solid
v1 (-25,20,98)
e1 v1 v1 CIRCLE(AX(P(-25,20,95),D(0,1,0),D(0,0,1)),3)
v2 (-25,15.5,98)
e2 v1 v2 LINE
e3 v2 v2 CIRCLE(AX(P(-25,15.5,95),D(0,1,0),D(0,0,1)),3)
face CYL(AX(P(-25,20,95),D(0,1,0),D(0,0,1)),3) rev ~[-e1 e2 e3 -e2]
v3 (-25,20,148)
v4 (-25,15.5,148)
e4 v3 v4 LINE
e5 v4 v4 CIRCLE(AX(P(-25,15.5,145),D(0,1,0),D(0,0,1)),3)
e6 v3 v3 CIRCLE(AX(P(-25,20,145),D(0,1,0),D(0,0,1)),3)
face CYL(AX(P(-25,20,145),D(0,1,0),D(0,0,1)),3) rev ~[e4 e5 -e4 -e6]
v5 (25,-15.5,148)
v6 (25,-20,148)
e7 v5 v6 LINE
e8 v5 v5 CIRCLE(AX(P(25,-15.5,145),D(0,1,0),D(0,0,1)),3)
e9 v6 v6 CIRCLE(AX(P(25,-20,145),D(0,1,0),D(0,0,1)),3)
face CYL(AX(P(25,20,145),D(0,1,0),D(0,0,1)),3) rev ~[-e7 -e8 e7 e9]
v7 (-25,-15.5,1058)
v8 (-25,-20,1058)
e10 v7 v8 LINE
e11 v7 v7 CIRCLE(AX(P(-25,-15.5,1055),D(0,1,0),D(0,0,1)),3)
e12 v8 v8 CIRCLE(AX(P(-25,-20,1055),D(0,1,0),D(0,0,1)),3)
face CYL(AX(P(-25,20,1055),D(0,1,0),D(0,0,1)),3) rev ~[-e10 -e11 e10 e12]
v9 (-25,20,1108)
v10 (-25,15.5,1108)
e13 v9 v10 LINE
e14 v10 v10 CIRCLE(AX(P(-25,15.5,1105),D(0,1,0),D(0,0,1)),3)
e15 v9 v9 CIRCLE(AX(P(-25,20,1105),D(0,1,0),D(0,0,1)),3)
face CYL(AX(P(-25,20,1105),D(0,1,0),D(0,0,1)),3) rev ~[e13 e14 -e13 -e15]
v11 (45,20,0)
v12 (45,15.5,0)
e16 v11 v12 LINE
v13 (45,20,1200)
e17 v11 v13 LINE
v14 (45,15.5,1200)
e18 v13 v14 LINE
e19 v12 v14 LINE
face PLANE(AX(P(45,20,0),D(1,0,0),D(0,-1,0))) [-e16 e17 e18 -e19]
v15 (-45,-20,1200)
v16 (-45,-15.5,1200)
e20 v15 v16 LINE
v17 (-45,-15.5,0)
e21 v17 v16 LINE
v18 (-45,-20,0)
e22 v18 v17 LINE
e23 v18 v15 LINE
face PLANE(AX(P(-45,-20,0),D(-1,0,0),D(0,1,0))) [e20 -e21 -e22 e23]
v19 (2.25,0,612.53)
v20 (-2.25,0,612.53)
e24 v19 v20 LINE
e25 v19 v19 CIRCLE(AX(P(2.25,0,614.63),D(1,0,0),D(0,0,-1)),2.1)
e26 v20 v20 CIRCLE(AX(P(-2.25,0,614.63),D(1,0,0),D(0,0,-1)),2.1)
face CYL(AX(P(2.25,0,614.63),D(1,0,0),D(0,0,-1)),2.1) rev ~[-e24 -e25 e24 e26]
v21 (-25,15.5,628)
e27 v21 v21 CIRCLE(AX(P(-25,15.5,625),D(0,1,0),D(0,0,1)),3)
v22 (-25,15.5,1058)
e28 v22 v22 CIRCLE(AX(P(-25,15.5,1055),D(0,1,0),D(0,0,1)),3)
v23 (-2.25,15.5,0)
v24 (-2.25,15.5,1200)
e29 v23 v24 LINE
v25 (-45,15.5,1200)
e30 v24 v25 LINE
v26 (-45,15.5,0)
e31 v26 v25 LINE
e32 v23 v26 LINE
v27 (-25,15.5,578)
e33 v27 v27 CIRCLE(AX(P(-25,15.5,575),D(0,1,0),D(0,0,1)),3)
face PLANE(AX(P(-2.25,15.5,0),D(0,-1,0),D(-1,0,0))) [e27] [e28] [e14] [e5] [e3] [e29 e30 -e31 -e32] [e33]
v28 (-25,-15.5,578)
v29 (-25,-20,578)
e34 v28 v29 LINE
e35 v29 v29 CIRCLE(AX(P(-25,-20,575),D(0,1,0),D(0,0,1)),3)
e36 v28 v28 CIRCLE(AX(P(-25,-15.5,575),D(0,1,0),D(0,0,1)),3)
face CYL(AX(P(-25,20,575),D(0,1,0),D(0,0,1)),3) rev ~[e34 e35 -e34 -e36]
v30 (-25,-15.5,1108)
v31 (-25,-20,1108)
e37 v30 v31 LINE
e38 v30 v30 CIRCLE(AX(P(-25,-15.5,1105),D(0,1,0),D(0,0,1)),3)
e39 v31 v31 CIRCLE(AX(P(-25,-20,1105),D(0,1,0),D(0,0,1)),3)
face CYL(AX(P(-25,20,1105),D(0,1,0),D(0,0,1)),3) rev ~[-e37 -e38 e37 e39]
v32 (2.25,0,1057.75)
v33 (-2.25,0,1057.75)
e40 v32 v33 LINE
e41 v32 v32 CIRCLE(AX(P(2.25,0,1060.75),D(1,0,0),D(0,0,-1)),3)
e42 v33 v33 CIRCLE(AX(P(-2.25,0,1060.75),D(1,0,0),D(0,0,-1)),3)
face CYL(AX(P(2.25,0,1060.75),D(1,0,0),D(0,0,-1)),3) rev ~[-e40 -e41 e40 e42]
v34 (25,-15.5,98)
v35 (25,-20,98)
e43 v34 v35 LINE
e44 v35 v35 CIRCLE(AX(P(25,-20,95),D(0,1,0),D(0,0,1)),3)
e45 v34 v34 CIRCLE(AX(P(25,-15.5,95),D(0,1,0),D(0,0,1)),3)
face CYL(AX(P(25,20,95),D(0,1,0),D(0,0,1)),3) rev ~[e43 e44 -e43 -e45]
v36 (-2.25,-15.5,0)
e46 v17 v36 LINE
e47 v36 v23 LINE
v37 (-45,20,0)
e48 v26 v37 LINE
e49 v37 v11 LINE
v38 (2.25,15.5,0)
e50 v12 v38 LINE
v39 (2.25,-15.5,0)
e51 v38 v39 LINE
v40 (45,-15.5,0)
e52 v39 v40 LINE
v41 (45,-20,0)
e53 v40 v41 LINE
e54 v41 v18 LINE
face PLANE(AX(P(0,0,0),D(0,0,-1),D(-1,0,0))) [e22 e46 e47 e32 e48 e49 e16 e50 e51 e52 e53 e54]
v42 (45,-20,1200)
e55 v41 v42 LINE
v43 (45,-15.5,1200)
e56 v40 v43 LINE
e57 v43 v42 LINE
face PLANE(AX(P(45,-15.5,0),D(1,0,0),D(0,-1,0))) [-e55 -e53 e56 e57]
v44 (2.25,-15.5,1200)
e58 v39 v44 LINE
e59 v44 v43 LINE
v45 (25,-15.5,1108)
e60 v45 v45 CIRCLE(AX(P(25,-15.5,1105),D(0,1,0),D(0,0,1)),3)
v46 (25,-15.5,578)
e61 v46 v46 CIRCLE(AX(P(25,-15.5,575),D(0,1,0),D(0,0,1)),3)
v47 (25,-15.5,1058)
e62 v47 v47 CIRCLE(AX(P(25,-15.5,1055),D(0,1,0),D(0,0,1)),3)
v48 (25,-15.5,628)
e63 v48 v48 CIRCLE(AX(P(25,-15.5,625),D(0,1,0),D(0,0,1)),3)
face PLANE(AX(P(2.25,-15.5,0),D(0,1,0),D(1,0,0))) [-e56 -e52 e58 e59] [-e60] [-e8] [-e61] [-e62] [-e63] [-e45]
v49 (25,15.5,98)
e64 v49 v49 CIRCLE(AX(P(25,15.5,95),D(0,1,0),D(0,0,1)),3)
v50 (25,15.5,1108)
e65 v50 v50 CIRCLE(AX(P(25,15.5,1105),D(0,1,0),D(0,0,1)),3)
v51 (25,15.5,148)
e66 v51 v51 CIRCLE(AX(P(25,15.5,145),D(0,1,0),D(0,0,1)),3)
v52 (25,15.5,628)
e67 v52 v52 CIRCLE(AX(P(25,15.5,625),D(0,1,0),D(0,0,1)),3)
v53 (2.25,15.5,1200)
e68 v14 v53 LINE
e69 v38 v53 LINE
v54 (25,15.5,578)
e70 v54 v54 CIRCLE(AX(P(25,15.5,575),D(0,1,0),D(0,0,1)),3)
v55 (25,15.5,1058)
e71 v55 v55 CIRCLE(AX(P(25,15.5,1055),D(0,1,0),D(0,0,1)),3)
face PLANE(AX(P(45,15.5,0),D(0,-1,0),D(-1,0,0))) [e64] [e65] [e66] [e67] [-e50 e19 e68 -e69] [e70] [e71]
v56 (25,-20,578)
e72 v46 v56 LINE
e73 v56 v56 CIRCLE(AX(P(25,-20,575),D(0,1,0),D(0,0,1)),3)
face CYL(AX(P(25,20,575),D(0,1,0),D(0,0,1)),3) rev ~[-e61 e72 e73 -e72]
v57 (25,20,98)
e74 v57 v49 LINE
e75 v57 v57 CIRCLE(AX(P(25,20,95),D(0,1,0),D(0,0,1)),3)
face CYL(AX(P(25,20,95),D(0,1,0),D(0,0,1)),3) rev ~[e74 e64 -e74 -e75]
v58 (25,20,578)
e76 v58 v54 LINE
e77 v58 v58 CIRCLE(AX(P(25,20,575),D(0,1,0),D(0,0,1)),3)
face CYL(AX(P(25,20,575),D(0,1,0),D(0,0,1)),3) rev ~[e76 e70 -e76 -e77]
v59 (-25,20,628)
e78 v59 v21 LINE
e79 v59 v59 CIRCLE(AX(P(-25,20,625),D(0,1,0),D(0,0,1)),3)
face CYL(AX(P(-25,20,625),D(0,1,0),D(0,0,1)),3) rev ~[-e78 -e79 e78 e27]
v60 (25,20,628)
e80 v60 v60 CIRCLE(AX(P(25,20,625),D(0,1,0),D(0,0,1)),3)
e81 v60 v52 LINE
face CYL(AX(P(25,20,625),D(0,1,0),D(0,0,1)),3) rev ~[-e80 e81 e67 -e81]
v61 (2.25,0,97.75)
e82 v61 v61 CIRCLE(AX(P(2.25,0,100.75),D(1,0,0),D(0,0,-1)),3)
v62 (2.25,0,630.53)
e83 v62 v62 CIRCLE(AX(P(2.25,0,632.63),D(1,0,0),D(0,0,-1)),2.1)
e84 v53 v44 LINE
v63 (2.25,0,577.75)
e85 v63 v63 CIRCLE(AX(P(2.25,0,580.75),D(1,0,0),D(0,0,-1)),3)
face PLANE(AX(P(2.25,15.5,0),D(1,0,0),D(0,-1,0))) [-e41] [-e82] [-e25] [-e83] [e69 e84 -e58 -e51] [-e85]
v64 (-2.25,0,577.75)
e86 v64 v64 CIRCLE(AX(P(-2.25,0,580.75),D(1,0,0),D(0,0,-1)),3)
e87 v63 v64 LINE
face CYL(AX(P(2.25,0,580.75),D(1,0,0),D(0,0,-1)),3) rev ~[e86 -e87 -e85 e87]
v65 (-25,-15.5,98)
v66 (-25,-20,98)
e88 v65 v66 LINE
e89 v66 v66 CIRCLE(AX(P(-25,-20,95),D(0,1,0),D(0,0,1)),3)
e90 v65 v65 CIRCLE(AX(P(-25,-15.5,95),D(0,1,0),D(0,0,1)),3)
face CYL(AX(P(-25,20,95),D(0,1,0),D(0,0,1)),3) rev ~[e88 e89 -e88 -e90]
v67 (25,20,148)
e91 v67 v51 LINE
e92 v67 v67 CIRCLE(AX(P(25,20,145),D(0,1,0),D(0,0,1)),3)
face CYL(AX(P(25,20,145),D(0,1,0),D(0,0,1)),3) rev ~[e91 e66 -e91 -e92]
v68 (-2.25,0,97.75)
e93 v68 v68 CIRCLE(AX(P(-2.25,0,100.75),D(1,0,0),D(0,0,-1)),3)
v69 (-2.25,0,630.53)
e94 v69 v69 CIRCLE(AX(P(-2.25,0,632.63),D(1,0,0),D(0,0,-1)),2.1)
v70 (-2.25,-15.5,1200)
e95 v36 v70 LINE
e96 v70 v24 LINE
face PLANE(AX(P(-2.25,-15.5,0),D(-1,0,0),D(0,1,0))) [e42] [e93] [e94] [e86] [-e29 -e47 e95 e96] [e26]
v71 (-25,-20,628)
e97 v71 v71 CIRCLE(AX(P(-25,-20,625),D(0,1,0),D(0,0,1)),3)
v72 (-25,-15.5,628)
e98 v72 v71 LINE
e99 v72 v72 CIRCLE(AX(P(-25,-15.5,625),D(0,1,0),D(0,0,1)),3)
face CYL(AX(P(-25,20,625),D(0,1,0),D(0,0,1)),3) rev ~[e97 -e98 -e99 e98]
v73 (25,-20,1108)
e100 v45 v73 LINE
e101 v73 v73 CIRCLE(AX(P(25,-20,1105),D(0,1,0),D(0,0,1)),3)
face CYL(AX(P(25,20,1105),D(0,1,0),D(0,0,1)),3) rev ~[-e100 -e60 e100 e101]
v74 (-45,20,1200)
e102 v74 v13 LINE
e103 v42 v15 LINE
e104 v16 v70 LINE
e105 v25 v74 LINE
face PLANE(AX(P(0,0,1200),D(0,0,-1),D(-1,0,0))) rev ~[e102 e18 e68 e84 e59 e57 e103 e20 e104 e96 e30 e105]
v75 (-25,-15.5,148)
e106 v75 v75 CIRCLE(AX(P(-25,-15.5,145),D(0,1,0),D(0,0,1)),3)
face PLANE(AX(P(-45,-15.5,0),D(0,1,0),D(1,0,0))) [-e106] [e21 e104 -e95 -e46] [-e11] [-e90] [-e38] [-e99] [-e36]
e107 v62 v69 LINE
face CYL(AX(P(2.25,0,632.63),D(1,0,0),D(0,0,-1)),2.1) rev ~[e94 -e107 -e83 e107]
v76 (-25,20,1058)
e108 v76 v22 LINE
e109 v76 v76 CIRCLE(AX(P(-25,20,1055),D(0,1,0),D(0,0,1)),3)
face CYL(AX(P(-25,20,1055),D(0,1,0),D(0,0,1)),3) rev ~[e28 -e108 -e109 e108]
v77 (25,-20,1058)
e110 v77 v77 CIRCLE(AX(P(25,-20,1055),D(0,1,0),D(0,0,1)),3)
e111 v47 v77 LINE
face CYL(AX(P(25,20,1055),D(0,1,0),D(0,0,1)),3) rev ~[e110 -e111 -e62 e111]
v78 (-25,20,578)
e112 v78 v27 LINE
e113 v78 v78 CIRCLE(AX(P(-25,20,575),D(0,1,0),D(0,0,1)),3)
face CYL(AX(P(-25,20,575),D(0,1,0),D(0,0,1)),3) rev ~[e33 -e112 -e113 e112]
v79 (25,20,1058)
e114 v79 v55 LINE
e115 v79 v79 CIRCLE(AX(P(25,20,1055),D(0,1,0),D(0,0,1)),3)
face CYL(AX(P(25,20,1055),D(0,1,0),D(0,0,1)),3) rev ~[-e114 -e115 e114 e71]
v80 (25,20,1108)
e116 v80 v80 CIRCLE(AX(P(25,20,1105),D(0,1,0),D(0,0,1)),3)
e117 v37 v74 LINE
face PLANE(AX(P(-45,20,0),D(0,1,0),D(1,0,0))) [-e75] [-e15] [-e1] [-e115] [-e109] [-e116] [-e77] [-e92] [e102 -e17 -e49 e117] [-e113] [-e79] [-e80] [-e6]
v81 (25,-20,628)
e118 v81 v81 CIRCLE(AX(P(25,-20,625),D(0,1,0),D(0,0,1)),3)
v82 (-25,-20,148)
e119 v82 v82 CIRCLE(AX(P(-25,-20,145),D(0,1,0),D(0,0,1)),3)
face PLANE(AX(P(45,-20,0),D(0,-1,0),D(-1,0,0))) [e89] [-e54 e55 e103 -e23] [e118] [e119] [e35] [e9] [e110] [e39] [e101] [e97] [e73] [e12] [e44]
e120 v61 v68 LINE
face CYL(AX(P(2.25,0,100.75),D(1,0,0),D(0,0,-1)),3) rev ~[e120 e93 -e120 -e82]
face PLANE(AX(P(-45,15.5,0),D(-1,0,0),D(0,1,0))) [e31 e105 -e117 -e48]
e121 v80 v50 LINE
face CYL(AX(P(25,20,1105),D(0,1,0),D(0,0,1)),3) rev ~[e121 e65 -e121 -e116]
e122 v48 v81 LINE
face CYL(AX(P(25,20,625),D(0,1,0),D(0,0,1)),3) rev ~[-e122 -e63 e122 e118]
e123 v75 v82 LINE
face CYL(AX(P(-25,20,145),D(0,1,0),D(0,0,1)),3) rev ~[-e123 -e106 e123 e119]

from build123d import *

# Parameters (mm, degrees)
BOSS_EXTRUDE4_DEPTH       = 1200
CUT_EXTRUDE4_REACH        = 1203.096
SKETCH8_R                 = 3
LPATTERN1_COUNT           = 2
LPATTERN1_PITCH           = 480
LPATTERN1_COL_COUNT       = 2
LPATTERN1_COL_PITCH       = 480
SKETCH16_R                = 3
CUT_EXTRUDE11_DEPTH       = 1202.509467295
LPATTERN3_COUNT           = 2
LPATTERN3_PITCH           = 50
LPATTERN3_COUNT_DIR2      = 2
LPATTERN3_PITCH_DIR2      = 50
LPATTERN4_COPY_1_SKETCH_R = 3
LPATTERN4_COPY_1_DEPTH    = 1202.509467295
LPATTERN4_COPY_2_SKETCH_R = 3
LPATTERN4_COPY_2_DEPTH    = 1202.509467295
LPATTERN4_COPY_3_SKETCH_R = 3
LPATTERN4_COPY_3_DEPTH    = 1202.509467295
LPATTERN4_COPY_4_SKETCH_R = 3
LPATTERN4_COPY_4_DEPTH    = 1202.509467295
LPATTERN4_COPY_5_SKETCH_R = 3
LPATTERN4_COPY_5_DEPTH    = 1202.509467295
LPATTERN4_COPY_6_SKETCH_R = 3
LPATTERN4_COPY_6_DEPTH    = 1202.509467295
LPATTERN4_COPY_7_SKETCH_R = 3
LPATTERN4_COPY_7_DEPTH    = 1202.509467295
LPATTERN4_COPY_8_SKETCH_R = 3
LPATTERN4_COPY_8_DEPTH    = 1202.509467295
SKETCH25_R                = 2.1
CUT_EXTRUDE18_DEPTH       = 10


with BuildPart() as part:
    # Sketch1<6> → Boss-Extrude4 (new body)
    with BuildSketch(Plane.XY):
        Polygon((-2.25, 15.5), (-45, 15.5), (-45, 20), (45, 20), (45, 15.5), (2.25, 15.5), (2.25, -15.5), (45, -15.5), (45, -20), (-45, -20), (-45, -15.5), (-2.25, -15.5), align=None)
    extrude(amount=BOSS_EXTRUDE4_DEPTH)

    # Sketch8 → Cut-Extrude4 (cut, up to next)
    with BuildSketch(Plane(origin=(2.25, 0, 0), x_dir=(0, 0, -1), z_dir=(1, 0, 0)), mode=Mode.PRIVATE) as cut_extrude4_sk1:
        with Locations((-580.75, 0)):
            Circle(SKETCH8_R)
    cut_extrude4_tool1 = extrude(cut_extrude4_sk1.sketch, amount=-CUT_EXTRUDE4_REACH, mode=Mode.PRIVATE) & part.part
    cut_extrude4 = cut_extrude4_tool1.solids().sort_by_distance((2.25, 0, 580.75))[0]
    add(cut_extrude4, mode=Mode.SUBTRACT)

    # LPattern1: Cut-Extrude4 ×2
    with Locations(*[(0, 0, i * LPATTERN1_PITCH) for i in range(1, LPATTERN1_COUNT)]):
        add(cut_extrude4, mode=Mode.SUBTRACT)

    # LPattern1 col: Cut-Extrude4 ×2
    with Locations(*[(0, 0, -i * LPATTERN1_COL_PITCH) for i in range(1, LPATTERN1_COL_COUNT)]):
        add(cut_extrude4, mode=Mode.SUBTRACT)

    # Sketch16 → Cut-Extrude11 (cut, through all)
    with BuildSketch(Plane(origin=(0, 20, 0), x_dir=(1, 0, 0), z_dir=(0, 1, 0))):
        with Locations((25, -95)):
            Circle(SKETCH16_R)
    cut_extrude11 = extrude(amount=-CUT_EXTRUDE11_DEPTH, mode=Mode.SUBTRACT)

    # LPattern3: Cut-Extrude11 2 × 2
    with Locations(*[(-j * LPATTERN3_PITCH_DIR2, 0, i * LPATTERN3_PITCH) for i in range(LPATTERN3_COUNT) for j in range(LPATTERN3_COUNT_DIR2) if (i, j) != (0, 0)]):
        add(cut_extrude11, mode=Mode.SUBTRACT)

    # LPattern4 copy 1 sketch → LPattern4 copy 1 (cut, through all)
    with BuildSketch(Plane(origin=(-50, 20, 480), x_dir=(1, 0, 0), z_dir=(0, 1, 0))):
        with Locations((25, -95)):
            Circle(LPATTERN4_COPY_1_SKETCH_R)
    extrude(amount=-LPATTERN4_COPY_1_DEPTH, mode=Mode.SUBTRACT)

    # LPattern4 copy 2 sketch → LPattern4 copy 2 (cut, through all)
    with BuildSketch(Plane(origin=(-50, 20, 960), x_dir=(1, 0, 0), z_dir=(0, 1, 0))):
        with Locations((25, -95)):
            Circle(LPATTERN4_COPY_2_SKETCH_R)
    extrude(amount=-LPATTERN4_COPY_2_DEPTH, mode=Mode.SUBTRACT)

    # LPattern4 copy 3 sketch → LPattern4 copy 3 (cut, through all)
    with BuildSketch(Plane(origin=(0, 20, 530), x_dir=(1, 0, 0), z_dir=(0, 1, 0))):
        with Locations((25, -95)):
            Circle(LPATTERN4_COPY_3_SKETCH_R)
    extrude(amount=-LPATTERN4_COPY_3_DEPTH, mode=Mode.SUBTRACT)

    # LPattern4 copy 4 sketch → LPattern4 copy 4 (cut, through all)
    with BuildSketch(Plane(origin=(0, 20, 1010), x_dir=(1, 0, 0), z_dir=(0, 1, 0))):
        with Locations((25, -95)):
            Circle(LPATTERN4_COPY_4_SKETCH_R)
    extrude(amount=-LPATTERN4_COPY_4_DEPTH, mode=Mode.SUBTRACT)

    # LPattern4 copy 5 sketch → LPattern4 copy 5 (cut, through all)
    with BuildSketch(Plane(origin=(-50, 20, 530), x_dir=(1, 0, 0), z_dir=(0, 1, 0))):
        with Locations((25, -95)):
            Circle(LPATTERN4_COPY_5_SKETCH_R)
    extrude(amount=-LPATTERN4_COPY_5_DEPTH, mode=Mode.SUBTRACT)

    # LPattern4 copy 6 sketch → LPattern4 copy 6 (cut, through all)
    with BuildSketch(Plane(origin=(-50, 20, 1010), x_dir=(1, 0, 0), z_dir=(0, 1, 0))):
        with Locations((25, -95)):
            Circle(LPATTERN4_COPY_6_SKETCH_R)
    extrude(amount=-LPATTERN4_COPY_6_DEPTH, mode=Mode.SUBTRACT)

    # LPattern4 copy 7 sketch → LPattern4 copy 7 (cut, through all)
    with BuildSketch(Plane(origin=(0, 20, 480), x_dir=(1, 0, 0), z_dir=(0, 1, 0))):
        with Locations((25, -95)):
            Circle(LPATTERN4_COPY_7_SKETCH_R)
    extrude(amount=-LPATTERN4_COPY_7_DEPTH, mode=Mode.SUBTRACT)

    # LPattern4 copy 8 sketch → LPattern4 copy 8 (cut, through all)
    with BuildSketch(Plane(origin=(0, 20, 960), x_dir=(1, 0, 0), z_dir=(0, 1, 0))):
        with Locations((25, -95)):
            Circle(LPATTERN4_COPY_8_SKETCH_R)
    extrude(amount=-LPATTERN4_COPY_8_DEPTH, mode=Mode.SUBTRACT)

    # Sketch25 → Cut-Extrude18 (cut)
    with BuildSketch(Plane(origin=(2.25, 0, 0), x_dir=(0, 0, -1), z_dir=(1, 0, 0))):
        with Locations((-614.63, 0)):
            Circle(SKETCH25_R)
        with Locations((-632.63, 0)):
            Circle(SKETCH25_R)
    extrude(amount=-CUT_EXTRUDE18_DEPTH, mode=Mode.SUBTRACT)


solid = part.part
